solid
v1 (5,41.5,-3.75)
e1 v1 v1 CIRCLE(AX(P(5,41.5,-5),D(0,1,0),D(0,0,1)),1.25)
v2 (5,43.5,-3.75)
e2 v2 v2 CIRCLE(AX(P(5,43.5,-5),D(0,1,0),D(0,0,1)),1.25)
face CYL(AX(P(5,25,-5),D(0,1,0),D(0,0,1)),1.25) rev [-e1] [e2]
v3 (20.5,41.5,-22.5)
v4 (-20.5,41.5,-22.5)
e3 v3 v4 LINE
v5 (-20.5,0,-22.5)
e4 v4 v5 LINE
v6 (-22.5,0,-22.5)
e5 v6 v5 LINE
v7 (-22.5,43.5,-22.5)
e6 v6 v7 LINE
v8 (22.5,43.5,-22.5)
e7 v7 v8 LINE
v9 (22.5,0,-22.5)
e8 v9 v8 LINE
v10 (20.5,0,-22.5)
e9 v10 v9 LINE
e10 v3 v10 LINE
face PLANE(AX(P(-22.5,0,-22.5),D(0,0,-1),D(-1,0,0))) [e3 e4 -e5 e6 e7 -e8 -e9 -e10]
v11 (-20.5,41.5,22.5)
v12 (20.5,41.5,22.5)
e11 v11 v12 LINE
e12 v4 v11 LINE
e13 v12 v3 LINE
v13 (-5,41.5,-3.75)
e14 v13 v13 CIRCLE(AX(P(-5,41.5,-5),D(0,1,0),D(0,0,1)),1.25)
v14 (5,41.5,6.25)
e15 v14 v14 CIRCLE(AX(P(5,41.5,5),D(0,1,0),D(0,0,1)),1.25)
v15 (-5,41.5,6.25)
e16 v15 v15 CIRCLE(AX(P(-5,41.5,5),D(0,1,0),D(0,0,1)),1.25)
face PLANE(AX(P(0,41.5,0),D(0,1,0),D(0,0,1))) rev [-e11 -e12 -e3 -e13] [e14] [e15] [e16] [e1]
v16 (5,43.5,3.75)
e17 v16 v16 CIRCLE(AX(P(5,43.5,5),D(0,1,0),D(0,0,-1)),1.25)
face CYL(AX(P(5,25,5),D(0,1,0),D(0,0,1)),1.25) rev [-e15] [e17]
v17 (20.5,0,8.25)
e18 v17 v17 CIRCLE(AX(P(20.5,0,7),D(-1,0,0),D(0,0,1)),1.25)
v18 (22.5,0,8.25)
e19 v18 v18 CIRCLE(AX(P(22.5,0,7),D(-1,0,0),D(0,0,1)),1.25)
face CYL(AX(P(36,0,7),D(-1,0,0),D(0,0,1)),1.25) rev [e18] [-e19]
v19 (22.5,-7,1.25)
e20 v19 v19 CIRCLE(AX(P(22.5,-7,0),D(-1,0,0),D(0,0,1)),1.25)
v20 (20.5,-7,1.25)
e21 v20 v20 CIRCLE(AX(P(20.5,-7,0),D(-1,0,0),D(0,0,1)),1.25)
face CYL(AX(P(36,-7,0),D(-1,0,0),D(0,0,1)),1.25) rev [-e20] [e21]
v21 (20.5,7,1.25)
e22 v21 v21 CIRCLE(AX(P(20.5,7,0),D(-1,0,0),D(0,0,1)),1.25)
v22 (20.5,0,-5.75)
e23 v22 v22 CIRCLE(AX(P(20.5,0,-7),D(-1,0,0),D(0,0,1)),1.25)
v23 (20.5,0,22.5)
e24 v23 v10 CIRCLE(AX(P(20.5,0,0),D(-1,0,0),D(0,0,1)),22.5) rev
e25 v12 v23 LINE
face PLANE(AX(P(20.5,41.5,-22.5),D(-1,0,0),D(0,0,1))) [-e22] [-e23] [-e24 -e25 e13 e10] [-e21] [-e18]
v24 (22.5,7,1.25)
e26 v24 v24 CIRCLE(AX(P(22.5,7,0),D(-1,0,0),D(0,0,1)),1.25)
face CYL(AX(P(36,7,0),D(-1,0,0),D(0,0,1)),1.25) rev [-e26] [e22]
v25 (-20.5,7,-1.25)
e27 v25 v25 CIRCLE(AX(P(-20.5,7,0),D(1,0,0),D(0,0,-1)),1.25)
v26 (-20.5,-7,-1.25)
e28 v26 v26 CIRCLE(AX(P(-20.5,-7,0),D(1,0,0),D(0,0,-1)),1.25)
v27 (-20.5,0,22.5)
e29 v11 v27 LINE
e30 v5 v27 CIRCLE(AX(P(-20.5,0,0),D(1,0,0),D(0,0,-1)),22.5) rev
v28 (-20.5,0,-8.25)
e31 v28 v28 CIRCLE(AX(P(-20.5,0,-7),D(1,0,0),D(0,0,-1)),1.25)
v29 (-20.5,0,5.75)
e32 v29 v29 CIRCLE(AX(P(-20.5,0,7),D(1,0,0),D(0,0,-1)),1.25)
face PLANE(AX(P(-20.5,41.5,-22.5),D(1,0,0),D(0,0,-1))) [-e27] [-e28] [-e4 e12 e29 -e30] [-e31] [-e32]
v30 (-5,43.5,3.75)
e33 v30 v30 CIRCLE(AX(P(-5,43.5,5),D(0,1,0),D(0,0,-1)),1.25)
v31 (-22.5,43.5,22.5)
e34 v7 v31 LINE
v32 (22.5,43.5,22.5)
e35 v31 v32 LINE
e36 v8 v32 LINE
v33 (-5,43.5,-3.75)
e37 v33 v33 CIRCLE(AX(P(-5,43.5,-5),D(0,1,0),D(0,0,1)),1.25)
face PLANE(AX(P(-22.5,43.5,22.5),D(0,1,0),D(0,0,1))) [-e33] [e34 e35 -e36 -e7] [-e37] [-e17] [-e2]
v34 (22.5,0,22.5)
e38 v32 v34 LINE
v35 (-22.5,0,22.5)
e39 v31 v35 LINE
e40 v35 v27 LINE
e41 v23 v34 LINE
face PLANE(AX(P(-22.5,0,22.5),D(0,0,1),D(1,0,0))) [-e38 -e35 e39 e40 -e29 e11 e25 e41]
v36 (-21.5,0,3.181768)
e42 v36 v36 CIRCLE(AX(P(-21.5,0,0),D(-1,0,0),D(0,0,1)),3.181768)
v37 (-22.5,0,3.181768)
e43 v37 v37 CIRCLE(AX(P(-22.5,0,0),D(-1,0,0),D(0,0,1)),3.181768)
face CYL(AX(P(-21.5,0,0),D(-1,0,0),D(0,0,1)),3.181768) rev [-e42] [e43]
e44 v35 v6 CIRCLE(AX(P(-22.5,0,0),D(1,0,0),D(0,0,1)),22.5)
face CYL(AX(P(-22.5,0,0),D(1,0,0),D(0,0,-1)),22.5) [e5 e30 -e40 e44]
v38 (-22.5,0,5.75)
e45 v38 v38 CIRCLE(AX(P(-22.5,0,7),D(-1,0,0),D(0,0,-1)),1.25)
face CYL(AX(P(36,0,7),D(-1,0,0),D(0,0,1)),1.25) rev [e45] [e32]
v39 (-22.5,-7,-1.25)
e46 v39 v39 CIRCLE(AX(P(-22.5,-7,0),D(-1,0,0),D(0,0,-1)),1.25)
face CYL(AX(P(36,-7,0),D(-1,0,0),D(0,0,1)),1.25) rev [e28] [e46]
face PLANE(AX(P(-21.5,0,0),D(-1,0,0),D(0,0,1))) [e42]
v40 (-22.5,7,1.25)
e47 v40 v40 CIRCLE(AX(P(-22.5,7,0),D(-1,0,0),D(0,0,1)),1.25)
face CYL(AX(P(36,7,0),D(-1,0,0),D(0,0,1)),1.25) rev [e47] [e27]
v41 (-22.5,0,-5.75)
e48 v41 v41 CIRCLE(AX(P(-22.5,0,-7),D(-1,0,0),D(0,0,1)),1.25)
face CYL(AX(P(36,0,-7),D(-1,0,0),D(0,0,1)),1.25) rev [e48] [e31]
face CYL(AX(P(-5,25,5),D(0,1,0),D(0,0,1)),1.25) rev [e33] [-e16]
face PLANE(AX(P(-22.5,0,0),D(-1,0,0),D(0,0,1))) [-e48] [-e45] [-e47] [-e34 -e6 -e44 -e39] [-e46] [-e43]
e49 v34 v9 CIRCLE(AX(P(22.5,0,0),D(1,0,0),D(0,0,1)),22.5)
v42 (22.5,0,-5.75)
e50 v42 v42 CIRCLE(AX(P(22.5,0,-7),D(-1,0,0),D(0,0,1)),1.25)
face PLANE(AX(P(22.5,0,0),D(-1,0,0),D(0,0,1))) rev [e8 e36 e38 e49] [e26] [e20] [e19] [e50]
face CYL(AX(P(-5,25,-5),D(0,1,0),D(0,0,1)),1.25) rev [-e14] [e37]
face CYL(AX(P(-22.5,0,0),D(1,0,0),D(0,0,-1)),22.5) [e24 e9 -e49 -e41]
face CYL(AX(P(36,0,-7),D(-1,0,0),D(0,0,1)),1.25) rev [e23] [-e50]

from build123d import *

# Parameters (mm, degrees)
BOSS_EXTRUDE2_DEPTH      = 22.5
BOSS_EXTRUDE2_DEPTH_BACK = 22.5
CUT_EXTRUDE4_DEPTH       = 41.5
CUT_EXTRUDE4_DEPTH_BACK  = 22.5
SKETCH7_W                = 41
SKETCH7_H                = 45
SKETCH8_R                = 1.25
CUT_EXTRUDE5_DEPTH       = 18.5
SKETCH9_R                = 1.25
CUT_EXTRUDE6_DEPTH       = 58.5
SKETCH10_R               = 3.181768177
CUT_EXTRUDE7_DEPTH       = 1


with BuildPart() as part:
    # Sketch6 → Boss-Extrude2 (new, two sides: drawn at the far end of the back side and taken through both)
    with BuildSketch(Plane(origin=(0, 0, 0), x_dir=(0, 0, -1), z_dir=(1, 0, 0)).offset(-BOSS_EXTRUDE2_DEPTH_BACK)):
        with BuildLine():
            Line((-22.5, 0), (-22.5, 43.5))
            Line((-22.5, 43.5), (22.5, 43.5))
            Line((22.5, 43.5), (22.5, 0))
            ThreePointArc((22.5, 0), (0, -22.5), (-22.5, 0))
        make_face()
    extrude(amount=BOSS_EXTRUDE2_DEPTH + BOSS_EXTRUDE2_DEPTH_BACK)

    # Sketch7 → Cut-Extrude4 (cut, two sides: drawn at the far end of the back side and taken through both)
    with BuildSketch(Plane(origin=(0, 0, 0), x_dir=(1, 0, 0), z_dir=(0, 1, 0)).offset(-CUT_EXTRUDE4_DEPTH_BACK)):
        Rectangle(SKETCH7_W, SKETCH7_H)
    extrude(amount=CUT_EXTRUDE4_DEPTH + CUT_EXTRUDE4_DEPTH_BACK, mode=Mode.SUBTRACT)

    # Sketch8 → Cut-Extrude5 (cut)
    with BuildSketch(Plane(origin=(0, 43.5, 0), x_dir=(1, 0, 0), z_dir=(0, 1, 0))):
        with Locations((-5, 5)):
            Circle(SKETCH8_R)
        with Locations((5, -5)):
            Circle(SKETCH8_R)
        with Locations((5, 5)):
            Circle(SKETCH8_R)
        with Locations((-5, -5)):
            Circle(SKETCH8_R)
    extrude(amount=-CUT_EXTRUDE5_DEPTH, mode=Mode.SUBTRACT)

    # Sketch9 → Cut-Extrude6 (cut)
    with BuildSketch(Plane.ZY.offset(22.5)):
        with Locations((0, 7)):
            Circle(SKETCH9_R)
        with Locations((0, -7)):
            Circle(SKETCH9_R)
        with Locations((-7, 0)):
            Circle(SKETCH9_R)
        with Locations((7, 0)):
            Circle(SKETCH9_R)
    extrude(amount=-CUT_EXTRUDE6_DEPTH, mode=Mode.SUBTRACT)

    # Sketch10 → Cut-Extrude7 (cut)
    with BuildSketch(Plane.ZY.offset(22.5)):
        Circle(SKETCH10_R)
    extrude(amount=-CUT_EXTRUDE7_DEPTH, mode=Mode.SUBTRACT)


solid = part.part
